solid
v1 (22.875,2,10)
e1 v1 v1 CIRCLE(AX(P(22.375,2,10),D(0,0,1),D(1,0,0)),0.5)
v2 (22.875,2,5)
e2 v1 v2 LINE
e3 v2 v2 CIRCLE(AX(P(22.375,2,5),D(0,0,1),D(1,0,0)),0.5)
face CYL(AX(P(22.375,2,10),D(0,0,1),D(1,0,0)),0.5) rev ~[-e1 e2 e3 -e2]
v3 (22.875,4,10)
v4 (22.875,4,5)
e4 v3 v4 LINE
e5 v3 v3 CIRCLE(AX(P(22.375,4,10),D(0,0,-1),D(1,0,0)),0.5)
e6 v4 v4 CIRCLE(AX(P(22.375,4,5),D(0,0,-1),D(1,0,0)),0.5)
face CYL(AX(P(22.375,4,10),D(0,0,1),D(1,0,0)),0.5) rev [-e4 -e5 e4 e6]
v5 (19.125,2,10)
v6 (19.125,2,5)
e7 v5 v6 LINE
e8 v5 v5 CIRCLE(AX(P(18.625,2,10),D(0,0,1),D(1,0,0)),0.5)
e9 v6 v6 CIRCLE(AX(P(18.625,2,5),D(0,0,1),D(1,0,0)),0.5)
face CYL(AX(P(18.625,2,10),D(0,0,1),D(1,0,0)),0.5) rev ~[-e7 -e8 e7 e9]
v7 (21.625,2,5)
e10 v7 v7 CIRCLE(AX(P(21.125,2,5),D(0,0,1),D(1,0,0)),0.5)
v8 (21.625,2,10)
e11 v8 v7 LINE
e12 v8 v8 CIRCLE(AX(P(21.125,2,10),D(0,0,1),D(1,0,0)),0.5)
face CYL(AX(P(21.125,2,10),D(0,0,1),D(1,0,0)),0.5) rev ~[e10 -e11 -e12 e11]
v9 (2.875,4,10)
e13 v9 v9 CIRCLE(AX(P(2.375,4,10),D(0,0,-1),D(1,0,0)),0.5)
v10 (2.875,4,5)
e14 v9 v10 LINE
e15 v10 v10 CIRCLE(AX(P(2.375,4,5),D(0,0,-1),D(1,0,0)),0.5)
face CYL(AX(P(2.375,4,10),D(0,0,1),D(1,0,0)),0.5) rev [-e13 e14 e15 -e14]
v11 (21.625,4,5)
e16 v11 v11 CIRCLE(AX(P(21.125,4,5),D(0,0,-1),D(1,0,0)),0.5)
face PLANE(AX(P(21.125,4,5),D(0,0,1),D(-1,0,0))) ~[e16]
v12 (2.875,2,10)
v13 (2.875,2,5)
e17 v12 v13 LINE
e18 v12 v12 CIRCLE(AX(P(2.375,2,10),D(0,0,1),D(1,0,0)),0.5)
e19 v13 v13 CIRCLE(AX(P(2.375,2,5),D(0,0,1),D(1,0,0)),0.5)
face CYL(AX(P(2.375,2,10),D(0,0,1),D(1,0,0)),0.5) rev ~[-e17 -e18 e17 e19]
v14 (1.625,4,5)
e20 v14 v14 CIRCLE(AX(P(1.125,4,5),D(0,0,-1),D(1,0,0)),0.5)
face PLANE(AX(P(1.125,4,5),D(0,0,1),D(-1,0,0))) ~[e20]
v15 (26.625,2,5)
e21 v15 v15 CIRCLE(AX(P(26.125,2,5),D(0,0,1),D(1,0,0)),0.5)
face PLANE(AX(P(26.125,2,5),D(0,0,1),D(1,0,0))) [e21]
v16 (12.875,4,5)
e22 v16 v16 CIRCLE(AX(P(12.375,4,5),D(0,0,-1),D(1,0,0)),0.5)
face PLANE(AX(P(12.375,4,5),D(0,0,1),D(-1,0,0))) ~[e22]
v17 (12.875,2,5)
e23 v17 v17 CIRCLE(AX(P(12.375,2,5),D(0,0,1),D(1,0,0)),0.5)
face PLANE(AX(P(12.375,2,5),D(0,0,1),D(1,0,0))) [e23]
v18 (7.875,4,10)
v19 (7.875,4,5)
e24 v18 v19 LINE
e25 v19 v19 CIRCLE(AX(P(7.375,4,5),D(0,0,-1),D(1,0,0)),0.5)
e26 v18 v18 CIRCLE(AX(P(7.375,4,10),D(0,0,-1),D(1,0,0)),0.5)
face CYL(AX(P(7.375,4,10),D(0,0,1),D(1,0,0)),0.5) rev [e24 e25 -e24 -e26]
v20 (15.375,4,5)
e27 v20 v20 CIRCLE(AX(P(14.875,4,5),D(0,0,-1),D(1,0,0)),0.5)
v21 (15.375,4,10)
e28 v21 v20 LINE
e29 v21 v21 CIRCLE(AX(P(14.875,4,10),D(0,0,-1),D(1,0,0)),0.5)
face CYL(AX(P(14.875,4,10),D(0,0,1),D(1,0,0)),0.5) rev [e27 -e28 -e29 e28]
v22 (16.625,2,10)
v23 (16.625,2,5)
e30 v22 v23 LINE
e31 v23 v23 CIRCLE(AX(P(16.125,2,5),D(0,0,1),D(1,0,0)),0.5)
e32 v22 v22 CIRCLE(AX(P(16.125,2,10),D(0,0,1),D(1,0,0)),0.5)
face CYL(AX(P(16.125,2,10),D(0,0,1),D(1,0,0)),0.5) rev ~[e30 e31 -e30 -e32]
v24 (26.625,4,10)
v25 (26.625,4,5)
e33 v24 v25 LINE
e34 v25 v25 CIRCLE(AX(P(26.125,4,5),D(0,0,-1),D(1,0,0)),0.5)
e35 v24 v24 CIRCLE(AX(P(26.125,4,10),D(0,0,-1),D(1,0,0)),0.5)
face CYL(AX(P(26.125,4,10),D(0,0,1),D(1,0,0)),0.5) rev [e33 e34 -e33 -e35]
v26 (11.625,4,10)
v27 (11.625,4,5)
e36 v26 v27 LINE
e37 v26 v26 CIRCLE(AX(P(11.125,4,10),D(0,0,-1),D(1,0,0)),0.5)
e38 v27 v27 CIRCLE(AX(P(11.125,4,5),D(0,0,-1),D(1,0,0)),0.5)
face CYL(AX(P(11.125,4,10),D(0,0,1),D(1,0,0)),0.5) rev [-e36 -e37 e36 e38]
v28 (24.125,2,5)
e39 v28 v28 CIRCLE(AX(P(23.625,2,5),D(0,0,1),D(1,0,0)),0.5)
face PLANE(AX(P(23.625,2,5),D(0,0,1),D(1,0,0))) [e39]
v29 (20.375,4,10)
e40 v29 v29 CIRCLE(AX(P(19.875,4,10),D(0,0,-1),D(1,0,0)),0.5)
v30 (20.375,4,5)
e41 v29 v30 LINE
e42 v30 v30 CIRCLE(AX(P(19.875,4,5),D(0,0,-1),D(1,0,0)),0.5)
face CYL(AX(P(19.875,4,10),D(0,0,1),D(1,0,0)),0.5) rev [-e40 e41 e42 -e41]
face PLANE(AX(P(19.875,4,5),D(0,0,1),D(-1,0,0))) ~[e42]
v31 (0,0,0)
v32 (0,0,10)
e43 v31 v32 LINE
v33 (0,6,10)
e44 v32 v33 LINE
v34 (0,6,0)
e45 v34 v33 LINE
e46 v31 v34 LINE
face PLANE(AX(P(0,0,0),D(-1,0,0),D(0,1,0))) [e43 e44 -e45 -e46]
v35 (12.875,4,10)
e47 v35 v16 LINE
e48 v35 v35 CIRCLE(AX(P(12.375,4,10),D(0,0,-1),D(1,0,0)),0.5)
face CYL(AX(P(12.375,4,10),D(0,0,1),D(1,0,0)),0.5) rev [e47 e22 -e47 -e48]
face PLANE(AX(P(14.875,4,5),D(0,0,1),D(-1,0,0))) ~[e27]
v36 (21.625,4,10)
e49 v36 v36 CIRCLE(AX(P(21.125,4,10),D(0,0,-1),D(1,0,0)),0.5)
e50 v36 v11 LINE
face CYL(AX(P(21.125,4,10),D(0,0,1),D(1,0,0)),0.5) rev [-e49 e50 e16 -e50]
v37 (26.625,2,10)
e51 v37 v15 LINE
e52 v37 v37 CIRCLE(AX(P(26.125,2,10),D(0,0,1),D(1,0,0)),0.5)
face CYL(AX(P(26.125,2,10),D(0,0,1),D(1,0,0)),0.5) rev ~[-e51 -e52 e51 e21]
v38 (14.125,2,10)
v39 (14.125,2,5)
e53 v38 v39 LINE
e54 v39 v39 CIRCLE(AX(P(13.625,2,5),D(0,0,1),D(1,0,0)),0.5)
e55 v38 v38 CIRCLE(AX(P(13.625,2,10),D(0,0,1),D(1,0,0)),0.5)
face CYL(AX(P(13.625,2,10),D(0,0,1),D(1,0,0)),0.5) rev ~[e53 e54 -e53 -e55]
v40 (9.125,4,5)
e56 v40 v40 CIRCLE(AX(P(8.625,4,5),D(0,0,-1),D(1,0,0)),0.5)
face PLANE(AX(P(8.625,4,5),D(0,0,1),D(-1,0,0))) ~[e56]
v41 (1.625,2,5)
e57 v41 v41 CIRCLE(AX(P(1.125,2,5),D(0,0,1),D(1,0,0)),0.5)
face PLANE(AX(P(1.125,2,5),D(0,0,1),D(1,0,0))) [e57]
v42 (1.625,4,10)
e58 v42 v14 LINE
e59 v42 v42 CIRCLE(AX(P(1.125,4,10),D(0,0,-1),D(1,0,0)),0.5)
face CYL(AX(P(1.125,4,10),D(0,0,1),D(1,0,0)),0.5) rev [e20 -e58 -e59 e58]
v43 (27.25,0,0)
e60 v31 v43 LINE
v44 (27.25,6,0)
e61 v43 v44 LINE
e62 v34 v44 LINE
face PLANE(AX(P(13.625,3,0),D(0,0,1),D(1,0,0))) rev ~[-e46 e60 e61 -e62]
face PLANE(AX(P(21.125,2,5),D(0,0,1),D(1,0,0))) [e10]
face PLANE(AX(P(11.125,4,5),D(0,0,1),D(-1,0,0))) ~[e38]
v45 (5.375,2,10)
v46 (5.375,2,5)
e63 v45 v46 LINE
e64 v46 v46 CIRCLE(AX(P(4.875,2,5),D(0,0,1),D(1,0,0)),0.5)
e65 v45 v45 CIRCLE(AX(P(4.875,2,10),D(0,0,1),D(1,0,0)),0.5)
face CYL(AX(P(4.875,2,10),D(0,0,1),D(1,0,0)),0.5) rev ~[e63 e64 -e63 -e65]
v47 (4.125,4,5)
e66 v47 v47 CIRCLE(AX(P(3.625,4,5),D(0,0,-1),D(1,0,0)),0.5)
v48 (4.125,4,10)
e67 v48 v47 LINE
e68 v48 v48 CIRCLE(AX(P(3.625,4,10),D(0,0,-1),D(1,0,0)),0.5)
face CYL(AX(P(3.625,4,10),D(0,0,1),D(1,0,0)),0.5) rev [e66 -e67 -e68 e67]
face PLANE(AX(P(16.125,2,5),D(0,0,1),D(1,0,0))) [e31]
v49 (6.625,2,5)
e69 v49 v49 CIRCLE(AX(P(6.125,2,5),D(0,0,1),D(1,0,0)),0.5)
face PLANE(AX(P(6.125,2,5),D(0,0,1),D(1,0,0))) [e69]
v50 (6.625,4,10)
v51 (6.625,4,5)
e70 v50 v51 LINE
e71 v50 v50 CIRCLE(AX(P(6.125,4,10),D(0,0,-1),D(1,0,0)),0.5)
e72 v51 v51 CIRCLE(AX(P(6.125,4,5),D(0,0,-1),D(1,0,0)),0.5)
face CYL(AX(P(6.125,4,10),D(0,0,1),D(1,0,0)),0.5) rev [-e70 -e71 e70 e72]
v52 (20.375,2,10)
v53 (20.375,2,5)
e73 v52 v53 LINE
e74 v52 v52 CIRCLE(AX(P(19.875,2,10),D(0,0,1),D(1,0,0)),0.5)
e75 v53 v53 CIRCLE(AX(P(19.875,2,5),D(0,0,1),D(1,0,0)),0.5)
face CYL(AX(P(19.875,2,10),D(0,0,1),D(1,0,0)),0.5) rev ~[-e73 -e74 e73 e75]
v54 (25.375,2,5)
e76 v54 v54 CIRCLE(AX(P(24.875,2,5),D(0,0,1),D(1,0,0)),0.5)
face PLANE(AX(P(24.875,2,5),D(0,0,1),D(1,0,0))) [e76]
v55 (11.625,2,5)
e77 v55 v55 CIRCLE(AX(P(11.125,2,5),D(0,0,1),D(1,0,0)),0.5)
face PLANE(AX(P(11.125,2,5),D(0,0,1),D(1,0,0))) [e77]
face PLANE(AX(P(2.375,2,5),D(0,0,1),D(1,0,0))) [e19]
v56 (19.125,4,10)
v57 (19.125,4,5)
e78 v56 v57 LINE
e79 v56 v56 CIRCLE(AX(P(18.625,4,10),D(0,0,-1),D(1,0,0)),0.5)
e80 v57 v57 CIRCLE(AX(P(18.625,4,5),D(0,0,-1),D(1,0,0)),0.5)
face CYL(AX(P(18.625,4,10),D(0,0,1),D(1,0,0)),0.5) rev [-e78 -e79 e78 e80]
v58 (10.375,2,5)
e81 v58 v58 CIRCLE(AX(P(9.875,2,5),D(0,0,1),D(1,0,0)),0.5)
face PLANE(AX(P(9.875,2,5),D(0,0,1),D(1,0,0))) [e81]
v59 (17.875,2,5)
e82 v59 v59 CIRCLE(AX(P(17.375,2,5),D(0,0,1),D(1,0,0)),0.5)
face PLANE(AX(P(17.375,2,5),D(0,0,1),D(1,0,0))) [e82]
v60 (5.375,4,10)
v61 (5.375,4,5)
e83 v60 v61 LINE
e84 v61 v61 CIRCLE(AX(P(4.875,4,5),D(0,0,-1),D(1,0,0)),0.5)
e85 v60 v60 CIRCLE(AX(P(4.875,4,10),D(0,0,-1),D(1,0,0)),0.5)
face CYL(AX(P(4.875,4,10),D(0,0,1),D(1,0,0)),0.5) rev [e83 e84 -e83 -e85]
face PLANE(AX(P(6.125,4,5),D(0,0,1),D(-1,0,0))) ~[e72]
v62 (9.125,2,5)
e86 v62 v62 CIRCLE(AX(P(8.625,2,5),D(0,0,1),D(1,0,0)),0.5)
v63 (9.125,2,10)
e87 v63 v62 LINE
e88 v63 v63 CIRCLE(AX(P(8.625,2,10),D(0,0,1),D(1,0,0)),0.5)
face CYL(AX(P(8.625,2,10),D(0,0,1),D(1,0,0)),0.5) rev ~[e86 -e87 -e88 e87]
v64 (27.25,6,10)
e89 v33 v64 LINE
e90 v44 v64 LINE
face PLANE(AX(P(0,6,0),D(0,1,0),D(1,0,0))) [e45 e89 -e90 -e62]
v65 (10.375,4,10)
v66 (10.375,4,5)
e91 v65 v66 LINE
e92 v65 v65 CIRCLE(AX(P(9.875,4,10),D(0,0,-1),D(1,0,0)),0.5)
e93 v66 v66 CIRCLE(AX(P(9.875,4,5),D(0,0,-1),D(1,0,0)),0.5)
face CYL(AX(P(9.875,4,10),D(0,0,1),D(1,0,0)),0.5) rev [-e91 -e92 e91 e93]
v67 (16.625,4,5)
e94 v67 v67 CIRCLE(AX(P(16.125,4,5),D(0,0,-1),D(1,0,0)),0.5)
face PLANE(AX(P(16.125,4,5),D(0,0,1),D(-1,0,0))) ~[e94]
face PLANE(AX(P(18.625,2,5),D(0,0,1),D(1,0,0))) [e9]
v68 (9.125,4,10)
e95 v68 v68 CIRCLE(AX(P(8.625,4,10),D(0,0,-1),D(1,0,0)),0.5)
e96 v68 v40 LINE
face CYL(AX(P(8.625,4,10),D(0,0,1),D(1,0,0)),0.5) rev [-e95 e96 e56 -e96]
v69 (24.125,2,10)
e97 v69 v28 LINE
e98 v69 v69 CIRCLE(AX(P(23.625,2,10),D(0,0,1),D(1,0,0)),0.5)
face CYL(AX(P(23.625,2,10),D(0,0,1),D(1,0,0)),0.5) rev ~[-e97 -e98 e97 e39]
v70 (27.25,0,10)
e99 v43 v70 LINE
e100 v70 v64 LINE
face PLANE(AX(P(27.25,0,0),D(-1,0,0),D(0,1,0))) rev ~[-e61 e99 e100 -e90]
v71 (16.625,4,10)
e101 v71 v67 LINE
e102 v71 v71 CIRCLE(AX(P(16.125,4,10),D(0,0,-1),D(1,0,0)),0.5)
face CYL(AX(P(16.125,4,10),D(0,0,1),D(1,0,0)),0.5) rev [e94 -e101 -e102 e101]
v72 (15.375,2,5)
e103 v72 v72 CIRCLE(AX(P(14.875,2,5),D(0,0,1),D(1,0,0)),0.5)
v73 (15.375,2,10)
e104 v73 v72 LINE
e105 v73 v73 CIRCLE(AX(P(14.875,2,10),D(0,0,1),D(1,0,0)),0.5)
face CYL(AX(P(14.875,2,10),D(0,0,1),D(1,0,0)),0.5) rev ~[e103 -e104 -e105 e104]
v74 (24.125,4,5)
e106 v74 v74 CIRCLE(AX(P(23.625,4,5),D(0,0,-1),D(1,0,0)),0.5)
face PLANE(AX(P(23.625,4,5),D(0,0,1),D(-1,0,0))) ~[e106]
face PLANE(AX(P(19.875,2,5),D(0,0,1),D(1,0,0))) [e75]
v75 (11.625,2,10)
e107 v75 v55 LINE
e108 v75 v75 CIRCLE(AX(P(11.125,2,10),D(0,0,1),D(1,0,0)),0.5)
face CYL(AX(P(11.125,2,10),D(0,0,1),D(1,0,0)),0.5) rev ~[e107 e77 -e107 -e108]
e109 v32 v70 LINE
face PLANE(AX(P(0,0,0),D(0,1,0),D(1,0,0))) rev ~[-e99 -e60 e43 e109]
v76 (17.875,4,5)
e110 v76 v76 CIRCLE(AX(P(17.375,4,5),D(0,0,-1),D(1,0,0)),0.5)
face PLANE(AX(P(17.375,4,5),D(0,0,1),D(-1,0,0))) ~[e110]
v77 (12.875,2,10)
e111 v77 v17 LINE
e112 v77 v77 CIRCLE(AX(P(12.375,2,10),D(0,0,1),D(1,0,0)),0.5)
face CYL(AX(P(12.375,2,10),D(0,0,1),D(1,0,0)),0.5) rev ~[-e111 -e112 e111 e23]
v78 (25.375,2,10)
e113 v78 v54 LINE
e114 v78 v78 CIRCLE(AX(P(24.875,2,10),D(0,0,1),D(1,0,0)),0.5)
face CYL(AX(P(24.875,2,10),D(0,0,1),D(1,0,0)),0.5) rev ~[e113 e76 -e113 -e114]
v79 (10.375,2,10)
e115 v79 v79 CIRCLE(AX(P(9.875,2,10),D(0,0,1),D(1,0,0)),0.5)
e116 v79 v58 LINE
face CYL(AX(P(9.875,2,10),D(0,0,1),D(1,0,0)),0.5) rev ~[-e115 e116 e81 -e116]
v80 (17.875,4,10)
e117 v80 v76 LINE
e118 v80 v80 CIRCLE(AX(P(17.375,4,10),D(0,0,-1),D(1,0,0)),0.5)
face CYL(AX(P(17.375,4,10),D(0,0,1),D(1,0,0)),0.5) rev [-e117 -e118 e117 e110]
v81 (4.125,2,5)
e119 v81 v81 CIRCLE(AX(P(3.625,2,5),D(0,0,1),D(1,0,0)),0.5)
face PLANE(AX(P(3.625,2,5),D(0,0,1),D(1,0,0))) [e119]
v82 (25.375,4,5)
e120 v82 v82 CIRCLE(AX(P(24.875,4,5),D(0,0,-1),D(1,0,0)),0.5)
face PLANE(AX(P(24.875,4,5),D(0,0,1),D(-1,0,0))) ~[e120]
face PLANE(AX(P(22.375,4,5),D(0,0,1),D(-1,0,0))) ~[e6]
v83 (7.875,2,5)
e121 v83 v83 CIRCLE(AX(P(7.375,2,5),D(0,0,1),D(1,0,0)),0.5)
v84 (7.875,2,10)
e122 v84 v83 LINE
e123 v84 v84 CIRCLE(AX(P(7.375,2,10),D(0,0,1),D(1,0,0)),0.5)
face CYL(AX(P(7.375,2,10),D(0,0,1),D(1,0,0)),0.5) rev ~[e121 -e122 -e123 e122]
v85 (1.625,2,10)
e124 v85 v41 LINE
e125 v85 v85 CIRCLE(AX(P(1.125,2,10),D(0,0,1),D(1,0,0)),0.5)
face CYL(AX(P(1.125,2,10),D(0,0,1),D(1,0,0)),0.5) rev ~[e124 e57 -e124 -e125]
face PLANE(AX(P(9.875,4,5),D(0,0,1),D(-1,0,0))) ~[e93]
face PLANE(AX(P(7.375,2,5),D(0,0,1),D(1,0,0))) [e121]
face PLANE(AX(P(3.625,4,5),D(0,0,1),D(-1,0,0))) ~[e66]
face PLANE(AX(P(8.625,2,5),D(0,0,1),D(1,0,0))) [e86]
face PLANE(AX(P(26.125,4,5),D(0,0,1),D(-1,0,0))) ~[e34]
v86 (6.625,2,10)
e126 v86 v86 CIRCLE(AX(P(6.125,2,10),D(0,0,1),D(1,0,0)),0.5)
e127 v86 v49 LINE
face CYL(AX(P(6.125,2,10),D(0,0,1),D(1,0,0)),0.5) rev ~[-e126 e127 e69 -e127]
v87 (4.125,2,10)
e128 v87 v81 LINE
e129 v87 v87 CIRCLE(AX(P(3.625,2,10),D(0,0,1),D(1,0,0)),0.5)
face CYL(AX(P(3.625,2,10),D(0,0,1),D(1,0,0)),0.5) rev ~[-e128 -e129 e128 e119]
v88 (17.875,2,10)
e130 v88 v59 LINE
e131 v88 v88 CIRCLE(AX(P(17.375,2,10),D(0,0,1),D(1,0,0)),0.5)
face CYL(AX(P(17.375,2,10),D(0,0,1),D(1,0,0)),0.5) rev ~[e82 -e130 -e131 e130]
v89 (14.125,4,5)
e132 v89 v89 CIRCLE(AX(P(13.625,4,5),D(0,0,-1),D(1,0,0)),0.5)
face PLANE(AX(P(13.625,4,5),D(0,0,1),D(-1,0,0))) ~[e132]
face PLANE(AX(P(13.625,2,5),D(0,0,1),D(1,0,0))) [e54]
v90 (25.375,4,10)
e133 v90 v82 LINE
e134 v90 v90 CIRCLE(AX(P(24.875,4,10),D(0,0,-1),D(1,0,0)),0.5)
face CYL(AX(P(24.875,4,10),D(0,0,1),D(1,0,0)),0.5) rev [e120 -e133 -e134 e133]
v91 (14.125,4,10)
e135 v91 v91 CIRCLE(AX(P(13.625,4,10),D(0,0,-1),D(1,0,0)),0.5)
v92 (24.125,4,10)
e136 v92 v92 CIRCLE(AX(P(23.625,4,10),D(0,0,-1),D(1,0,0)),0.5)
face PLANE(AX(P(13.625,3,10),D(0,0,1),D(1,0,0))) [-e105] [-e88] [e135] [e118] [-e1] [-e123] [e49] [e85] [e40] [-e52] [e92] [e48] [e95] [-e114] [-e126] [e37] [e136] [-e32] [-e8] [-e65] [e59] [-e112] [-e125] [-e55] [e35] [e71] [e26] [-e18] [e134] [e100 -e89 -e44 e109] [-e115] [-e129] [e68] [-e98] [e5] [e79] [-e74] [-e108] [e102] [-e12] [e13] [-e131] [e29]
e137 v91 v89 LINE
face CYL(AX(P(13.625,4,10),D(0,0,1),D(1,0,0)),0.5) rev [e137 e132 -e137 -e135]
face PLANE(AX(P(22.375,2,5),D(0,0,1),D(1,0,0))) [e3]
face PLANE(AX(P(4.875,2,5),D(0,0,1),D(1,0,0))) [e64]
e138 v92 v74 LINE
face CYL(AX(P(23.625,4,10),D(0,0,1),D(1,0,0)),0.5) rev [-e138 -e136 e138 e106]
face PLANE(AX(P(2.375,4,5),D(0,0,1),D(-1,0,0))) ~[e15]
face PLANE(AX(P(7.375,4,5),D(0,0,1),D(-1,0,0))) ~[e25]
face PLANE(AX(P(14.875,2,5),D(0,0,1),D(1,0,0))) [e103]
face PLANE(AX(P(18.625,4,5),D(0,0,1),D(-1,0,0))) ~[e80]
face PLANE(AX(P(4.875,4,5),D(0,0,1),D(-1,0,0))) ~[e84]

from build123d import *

# Parameters (mm, degrees)
SKETCH2_W           = 27.25
SKETCH2_H           = 6
BOSS_EXTRUDE1_DEPTH = 10
SKETCH3_R           = 0.5
CUT_EXTRUDE1_DEPTH  = 5


with BuildPart() as part:
    # Sketch2 → Boss-Extrude1 (new body)
    with BuildSketch(Plane.XY):
        with Locations((13.625, 3)):
            Rectangle(SKETCH2_W, SKETCH2_H)
    extrude(amount=BOSS_EXTRUDE1_DEPTH)

    # Sketch3 → Cut-Extrude1 (cut)
    with BuildSketch(Plane.XY.offset(10)):
        with Locations((1.125, 2)):
            Circle(SKETCH3_R)
        with Locations((2.375, 2)):
            Circle(SKETCH3_R)
        with Locations((3.625, 2)):
            Circle(SKETCH3_R)
        with Locations((4.875, 2)):
            Circle(SKETCH3_R)
        with Locations((6.125, 2)):
            Circle(SKETCH3_R)
        with Locations((7.375, 2)):
            Circle(SKETCH3_R)
        with Locations((8.625, 2)):
            Circle(SKETCH3_R)
        with Locations((9.875, 2)):
            Circle(SKETCH3_R)
        with Locations((11.125, 2)):
            Circle(SKETCH3_R)
        with Locations((12.375, 2)):
            Circle(SKETCH3_R)
        with Locations((13.625, 2)):
            Circle(SKETCH3_R)
        with Locations((14.875, 2)):
            Circle(SKETCH3_R)
        with Locations((16.125, 2)):
            Circle(SKETCH3_R)
        with Locations((17.375, 2)):
            Circle(SKETCH3_R)
        with Locations((18.625, 2)):
            Circle(SKETCH3_R)
        with Locations((19.875, 2)):
            Circle(SKETCH3_R)
        with Locations((21.125, 2)):
            Circle(SKETCH3_R)
        with Locations((22.375, 2)):
            Circle(SKETCH3_R)
        with Locations((23.625, 2)):
            Circle(SKETCH3_R)
        with Locations((24.875, 2)):
            Circle(SKETCH3_R)
        with Locations((26.125, 2)):
            Circle(SKETCH3_R)
    cut_extrude1 = extrude(amount=-CUT_EXTRUDE1_DEPTH, mode=Mode.SUBTRACT)

    # Mirror1: Cut-Extrude1 across plane
    add(cut_extrude1.mirror(Plane(origin=(0, 3, 0), x_dir=(0, 0, 1), z_dir=(0, -1, 0))), mode=Mode.SUBTRACT)


solid = part.part
